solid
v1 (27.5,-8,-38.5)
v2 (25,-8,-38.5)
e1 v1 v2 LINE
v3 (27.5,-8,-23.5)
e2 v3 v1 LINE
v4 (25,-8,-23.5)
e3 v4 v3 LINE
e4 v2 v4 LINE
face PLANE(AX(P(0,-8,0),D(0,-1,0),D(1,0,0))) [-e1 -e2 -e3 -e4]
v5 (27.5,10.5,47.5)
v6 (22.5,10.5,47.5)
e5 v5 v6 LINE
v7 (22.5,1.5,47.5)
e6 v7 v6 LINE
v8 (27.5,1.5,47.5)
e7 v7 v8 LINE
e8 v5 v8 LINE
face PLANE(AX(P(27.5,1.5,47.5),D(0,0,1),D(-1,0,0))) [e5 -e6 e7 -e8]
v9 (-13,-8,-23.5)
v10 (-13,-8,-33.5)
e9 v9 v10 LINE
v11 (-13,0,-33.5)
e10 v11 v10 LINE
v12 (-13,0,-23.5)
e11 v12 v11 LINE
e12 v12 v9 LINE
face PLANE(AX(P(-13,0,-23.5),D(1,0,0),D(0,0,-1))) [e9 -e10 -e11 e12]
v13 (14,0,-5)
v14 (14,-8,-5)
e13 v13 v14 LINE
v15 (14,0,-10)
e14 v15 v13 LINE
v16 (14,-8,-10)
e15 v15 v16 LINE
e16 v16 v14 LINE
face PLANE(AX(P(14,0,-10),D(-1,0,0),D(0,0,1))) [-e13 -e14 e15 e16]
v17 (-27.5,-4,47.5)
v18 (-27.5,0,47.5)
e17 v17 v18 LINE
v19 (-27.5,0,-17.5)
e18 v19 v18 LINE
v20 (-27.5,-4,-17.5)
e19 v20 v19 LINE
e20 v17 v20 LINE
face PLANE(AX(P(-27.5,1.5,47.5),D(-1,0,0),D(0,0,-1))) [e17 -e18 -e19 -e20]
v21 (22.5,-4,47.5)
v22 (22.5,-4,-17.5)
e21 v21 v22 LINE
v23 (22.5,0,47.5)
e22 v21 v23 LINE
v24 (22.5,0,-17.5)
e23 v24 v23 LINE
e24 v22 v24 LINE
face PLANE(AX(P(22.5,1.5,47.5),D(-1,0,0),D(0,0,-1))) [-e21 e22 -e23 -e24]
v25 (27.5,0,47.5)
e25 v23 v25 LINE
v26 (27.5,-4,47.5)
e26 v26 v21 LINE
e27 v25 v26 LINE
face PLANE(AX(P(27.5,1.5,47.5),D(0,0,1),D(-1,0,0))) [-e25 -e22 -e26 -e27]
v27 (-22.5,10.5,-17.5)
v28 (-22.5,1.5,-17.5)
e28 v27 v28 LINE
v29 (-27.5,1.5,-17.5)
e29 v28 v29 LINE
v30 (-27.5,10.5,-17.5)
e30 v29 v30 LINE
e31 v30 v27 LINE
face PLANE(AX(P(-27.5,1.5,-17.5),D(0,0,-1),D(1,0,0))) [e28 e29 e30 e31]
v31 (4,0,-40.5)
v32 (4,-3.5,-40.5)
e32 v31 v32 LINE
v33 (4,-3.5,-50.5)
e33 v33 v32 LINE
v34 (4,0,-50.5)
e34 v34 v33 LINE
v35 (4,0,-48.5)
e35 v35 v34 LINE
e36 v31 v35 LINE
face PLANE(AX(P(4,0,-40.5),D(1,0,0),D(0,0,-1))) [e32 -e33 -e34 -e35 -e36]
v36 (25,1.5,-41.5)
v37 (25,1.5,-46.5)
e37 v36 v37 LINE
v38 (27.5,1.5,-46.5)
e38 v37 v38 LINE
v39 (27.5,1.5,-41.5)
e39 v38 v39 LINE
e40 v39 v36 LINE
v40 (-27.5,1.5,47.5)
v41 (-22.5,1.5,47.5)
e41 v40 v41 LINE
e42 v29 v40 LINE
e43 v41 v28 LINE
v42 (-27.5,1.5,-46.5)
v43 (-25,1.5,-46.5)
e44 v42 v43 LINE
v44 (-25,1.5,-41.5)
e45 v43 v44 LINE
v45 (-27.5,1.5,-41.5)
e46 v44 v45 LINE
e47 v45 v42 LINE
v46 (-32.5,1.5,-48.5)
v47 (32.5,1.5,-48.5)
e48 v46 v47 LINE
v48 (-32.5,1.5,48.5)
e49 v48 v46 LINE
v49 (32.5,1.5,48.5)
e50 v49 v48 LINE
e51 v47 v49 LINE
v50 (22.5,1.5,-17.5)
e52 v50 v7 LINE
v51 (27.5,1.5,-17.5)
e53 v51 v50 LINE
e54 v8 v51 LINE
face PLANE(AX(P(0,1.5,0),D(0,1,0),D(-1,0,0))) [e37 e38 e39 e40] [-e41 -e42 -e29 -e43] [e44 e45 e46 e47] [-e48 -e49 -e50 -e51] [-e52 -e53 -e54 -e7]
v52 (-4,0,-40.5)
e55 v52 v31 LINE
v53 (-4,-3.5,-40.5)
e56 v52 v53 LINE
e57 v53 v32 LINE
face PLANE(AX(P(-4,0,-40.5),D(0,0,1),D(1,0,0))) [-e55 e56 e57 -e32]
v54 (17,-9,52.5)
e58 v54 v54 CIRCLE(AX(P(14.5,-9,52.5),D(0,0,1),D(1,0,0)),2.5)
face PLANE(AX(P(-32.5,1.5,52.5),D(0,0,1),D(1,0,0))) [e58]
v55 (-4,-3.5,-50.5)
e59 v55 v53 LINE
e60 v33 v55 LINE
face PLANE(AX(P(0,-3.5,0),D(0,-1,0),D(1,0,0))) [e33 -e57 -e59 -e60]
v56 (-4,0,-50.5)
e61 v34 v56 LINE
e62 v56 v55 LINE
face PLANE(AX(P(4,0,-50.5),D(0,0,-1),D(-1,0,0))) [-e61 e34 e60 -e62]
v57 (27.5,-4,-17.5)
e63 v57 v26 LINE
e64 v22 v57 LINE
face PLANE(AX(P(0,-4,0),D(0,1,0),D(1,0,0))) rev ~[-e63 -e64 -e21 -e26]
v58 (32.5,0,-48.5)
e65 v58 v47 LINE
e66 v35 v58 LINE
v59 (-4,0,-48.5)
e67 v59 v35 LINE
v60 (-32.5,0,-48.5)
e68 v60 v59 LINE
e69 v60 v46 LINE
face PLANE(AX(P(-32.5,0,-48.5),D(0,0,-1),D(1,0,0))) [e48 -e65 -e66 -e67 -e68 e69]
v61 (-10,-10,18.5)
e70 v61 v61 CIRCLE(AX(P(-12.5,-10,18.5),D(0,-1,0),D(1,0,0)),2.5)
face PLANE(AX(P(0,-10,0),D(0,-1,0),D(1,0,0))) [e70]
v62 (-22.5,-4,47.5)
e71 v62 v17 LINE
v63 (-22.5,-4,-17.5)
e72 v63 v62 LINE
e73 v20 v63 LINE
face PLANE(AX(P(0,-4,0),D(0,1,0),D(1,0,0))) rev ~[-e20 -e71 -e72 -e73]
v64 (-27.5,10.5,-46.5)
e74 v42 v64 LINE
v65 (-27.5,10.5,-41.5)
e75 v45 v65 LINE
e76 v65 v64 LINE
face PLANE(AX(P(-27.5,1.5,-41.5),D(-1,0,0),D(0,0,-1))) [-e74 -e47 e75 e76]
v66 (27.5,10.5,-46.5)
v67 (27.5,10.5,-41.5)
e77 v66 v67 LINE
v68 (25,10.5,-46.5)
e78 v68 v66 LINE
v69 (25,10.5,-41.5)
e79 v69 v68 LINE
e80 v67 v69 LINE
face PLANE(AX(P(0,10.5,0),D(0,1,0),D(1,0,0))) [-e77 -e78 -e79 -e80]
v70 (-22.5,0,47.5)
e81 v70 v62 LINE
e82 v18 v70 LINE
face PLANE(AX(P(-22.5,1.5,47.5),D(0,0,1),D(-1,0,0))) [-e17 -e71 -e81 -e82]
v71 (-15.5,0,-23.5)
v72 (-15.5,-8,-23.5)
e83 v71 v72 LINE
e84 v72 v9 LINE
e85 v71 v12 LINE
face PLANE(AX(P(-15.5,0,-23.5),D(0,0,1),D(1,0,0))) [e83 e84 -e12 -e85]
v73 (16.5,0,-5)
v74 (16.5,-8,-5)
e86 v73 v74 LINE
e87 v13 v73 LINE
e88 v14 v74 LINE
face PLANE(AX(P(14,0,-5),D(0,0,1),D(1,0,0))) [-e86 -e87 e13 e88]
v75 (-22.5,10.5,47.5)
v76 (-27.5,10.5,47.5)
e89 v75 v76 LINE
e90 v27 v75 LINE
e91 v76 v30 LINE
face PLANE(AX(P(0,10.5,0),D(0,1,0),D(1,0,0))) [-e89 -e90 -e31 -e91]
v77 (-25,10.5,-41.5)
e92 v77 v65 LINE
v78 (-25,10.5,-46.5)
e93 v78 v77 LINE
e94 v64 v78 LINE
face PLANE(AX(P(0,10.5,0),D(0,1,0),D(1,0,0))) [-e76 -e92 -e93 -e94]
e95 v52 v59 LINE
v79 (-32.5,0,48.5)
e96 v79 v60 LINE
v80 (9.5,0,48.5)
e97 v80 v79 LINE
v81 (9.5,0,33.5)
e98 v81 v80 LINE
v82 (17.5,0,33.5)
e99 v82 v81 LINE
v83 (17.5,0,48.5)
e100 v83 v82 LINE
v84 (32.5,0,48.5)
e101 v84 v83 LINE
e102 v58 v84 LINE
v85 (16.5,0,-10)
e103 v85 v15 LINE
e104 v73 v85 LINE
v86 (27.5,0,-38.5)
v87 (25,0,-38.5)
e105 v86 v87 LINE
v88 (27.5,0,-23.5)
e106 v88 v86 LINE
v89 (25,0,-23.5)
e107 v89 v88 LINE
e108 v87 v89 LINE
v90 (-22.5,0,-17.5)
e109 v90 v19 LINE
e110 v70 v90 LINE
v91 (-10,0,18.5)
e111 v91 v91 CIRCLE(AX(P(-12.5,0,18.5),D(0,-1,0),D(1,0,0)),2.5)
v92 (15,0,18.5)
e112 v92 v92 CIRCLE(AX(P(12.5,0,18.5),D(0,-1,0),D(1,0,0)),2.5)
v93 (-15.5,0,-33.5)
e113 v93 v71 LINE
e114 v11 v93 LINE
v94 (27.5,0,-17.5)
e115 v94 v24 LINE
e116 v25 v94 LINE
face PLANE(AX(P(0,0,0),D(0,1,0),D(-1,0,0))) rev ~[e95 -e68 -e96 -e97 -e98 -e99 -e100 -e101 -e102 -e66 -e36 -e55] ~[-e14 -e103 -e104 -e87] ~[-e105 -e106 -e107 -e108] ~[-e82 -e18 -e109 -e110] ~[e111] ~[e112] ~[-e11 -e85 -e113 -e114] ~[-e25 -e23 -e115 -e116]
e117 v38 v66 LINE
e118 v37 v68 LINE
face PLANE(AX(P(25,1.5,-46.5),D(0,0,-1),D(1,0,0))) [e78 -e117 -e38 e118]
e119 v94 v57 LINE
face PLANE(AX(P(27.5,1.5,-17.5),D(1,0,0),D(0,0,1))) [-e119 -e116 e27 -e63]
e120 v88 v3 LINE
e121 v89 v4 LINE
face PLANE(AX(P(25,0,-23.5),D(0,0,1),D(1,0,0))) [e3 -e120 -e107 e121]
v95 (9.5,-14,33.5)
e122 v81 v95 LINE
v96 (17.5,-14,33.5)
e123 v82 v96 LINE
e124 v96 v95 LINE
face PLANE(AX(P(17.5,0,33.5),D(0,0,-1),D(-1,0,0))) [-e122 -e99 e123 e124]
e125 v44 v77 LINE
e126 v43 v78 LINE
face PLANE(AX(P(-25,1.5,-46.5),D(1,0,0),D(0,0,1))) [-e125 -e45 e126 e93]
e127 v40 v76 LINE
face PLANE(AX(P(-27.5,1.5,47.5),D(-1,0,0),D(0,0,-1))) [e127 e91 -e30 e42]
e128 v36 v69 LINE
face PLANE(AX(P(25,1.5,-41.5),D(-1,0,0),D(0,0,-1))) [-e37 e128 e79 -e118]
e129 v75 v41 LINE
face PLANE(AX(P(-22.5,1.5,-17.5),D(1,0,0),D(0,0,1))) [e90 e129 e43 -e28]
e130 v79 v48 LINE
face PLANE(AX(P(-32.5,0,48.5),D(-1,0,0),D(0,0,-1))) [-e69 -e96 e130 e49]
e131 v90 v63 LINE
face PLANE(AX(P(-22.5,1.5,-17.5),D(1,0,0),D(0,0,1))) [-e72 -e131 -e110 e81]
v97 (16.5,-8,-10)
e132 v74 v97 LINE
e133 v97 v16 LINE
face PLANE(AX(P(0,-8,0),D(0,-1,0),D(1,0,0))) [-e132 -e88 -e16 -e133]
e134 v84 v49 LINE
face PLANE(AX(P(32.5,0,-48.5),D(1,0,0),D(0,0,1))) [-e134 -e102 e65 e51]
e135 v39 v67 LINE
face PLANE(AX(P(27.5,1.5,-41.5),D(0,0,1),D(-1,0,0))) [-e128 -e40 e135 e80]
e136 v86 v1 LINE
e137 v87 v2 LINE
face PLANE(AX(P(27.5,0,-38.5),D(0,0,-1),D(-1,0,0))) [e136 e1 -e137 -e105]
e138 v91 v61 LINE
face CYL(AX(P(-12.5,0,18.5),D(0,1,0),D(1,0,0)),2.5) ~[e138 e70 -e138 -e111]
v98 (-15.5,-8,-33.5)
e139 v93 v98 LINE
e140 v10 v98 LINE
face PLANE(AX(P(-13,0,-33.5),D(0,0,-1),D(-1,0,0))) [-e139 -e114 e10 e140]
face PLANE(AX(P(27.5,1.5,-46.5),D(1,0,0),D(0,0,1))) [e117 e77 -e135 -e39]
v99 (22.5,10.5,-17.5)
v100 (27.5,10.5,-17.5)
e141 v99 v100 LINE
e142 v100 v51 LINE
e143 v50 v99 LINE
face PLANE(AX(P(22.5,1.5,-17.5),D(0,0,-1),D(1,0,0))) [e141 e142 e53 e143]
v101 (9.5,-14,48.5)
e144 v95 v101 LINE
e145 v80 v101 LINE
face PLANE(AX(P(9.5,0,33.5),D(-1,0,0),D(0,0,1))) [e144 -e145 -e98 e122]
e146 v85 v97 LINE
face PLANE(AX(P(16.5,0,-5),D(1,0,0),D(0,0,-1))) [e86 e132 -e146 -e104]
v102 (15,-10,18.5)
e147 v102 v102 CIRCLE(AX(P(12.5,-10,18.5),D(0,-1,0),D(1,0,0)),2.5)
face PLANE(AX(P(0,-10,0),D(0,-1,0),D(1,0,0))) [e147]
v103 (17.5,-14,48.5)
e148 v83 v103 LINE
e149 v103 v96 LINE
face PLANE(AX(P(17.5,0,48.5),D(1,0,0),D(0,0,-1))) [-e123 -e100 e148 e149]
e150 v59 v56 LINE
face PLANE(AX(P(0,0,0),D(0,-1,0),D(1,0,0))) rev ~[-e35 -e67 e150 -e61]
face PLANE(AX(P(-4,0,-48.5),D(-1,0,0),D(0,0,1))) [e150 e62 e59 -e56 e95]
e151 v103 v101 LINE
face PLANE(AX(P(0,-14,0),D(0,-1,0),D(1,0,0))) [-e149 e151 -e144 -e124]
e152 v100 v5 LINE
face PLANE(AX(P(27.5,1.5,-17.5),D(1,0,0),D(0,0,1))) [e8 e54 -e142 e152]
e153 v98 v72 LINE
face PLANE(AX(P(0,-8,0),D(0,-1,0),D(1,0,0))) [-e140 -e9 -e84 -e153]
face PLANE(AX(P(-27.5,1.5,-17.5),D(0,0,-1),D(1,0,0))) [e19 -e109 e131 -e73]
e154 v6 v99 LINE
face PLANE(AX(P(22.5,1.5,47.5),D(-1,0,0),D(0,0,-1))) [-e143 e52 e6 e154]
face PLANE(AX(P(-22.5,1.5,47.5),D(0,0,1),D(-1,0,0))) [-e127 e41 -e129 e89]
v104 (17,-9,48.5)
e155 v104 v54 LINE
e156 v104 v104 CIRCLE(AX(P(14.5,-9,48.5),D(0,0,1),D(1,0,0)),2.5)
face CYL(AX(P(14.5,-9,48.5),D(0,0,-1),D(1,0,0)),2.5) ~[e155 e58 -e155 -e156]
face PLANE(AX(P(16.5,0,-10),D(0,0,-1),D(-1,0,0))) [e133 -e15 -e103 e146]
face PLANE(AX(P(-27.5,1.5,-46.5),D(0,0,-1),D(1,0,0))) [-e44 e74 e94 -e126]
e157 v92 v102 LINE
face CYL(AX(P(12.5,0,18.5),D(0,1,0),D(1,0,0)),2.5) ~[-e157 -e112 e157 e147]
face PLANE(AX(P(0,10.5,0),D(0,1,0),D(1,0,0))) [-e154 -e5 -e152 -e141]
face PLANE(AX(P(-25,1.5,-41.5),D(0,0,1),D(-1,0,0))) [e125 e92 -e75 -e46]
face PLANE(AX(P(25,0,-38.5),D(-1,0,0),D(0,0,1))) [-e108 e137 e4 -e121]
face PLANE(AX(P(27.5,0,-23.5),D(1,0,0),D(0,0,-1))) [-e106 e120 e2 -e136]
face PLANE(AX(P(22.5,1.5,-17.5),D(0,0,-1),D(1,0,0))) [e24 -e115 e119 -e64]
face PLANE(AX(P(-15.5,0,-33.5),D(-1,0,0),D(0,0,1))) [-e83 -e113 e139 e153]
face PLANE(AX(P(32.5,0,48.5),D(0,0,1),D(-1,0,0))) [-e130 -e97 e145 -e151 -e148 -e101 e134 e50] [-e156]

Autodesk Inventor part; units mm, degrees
ref_plane "YZ Plane" through (0, 0, 0) normal (1, 0, 0) x (0, 1, 0)
ref_plane "XZ Plane" through (0, 0, 0) normal (0, 1, 0) x (-1, 0, 0)
ref_plane "XY Plane" through (0, 0, 0) normal (0, 0, 1) x (1, 0, 0)
sketch "Esquisse1" plane through (0, 0, 0) normal (0, 1, 0) x (-1, 0, 0)
  line L0 (-32.5, 48.5) -> (32.5, 48.5)
  line L1 (32.5, 48.5) -> (32.5, -48.5)
  line L2 (32.5, -48.5) -> (-32.5, -48.5)
  line L3 (-32.5, -48.5) -> (-32.5, 48.5)
  point P0 (0, 0)
  dimension "d0" = 65
  dimension "d1" = 97
  dimension "d2" = 32.5
  dimension "d3" = 48.5
extrude "Extrusion1" add sketch "Esquisse1" along normal blind 1.5
sketch "Esquisse2" plane through (0, 1.5, 0) normal (0, 1, 0) x (1, 0, 0)
  line L0 (-32.5, -48.5) -> (32.5, -48.5) projected
  line L1 (32.5, -48.5) -> (32.5, 48.5) projected
  line L2 (-32.5, 48.5) -> (-32.5, -48.5) projected
  line L3 (-27.5, 17.5) -> (-22.5, 17.5)
  line L4 (-22.5, 17.5) -> (-22.5, -47.5)
  line L5 (-22.5, -47.5) -> (-27.5, -47.5)
  line L6 (-27.5, -47.5) -> (-27.5, 17.5)
  line L7 (22.5, 17.5) -> (27.5, 17.5)
  line L8 (27.5, 17.5) -> (27.5, -47.5)
  line L9 (27.5, -47.5) -> (22.5, -47.5)
  line L10 (22.5, -47.5) -> (22.5, 17.5)
  point P0 (0, 0)
  dimension "d6" = 5
  dimension "d7" = 5
  dimension "d8" = 65
  dimension "d9" = 5
  dimension "d10" = 5
  dimension "d11" = 1
extrude "Extrusion2" add sketch "Esquisse2" along normal blind 9 and the other way blind 5.5
sketch "Esquisse3" plane through (0, 0, 0) normal (0, -1, 0) x (1, 0, 0)
  line L0 (32.5, 48.5) -> (-32.5, 48.5) projected
  line L1 (32.5, -48.5) -> (32.5, 48.5) projected
  line L2 (9.5, 48.5) -> (17.5, 48.5)
  line L3 (17.5, 48.5) -> (17.5, 33.5)
  line L4 (17.5, 33.5) -> (9.5, 33.5)
  line L5 (9.5, 33.5) -> (9.5, 48.5)
  point P0 (0, 0)
  dimension "d16" = 15
  dimension "d17" = 8
  dimension "d18" = 15
extrude "Extrusion3" add sketch "Esquisse3" along normal blind 14
sketch "Esquisse4" plane through (-32.5, 1.5, 48.5) normal (0, 0, 1) x (1, 0, 0)
  line L0 (50, -15.5) -> (42, -15.5) projected
  line L1 (50, -1.5) -> (50, -15.5) projected
  circle A0 centre (47, -10.5) radius 2.5
  point P0 (32.5, -1.5)
  dimension "d21" = 5
  dimension "d22" = 5
  dimension "d23" = 3
extrude "Extrusion4" add sketch "Esquisse4" along normal blind 4
sketch "Esquisse5" plane through (0, 0, 0) normal (0, -1, 0) x (1, 0, 0)
  line L0 (9.5, 48.5) -> (-32.5, 48.5) projected
  line L1 (-32.5, 48.5) -> (-32.5, -48.5) projected
  line L2 (32.5, -48.5) -> (32.5, 48.5) projected
  line L3 (32.5, 48.5) -> (17.5, 48.5) projected
  circle A0 centre (-12.5, 18.5) radius 2.5
  circle A1 centre (12.5, 18.5) radius 2.5
  point P0 (0, 0)
  dimension "d26" = 30
  dimension "d27" = 30
  dimension "d28" = 25
  dimension "d29" = 20
  dimension "d30" = 65
  dimension "d31" = 5
  dimension "d32" = 5
extrude "Extrusion5" add sketch "Esquisse5" along normal blind 10
sketch "Esquisse6" plane through (0, 0, 0) normal (0, -1, 0) x (1, 0, 0)
  line L0 (-32.5, 48.5) -> (-32.5, -48.5) projected
  line L1 (-32.5, -48.5) -> (32.5, -48.5) projected
  line L2 (32.5, -48.5) -> (32.5, 48.5) projected
  line L3 (27.5, -17.5) -> (22.5, -17.5) projected
  line L4 (22.5, -17.5) -> (22.5, 47.5) projected
  line L5 (25, -23.5) -> (27.5, -23.5)
  line L6 (27.5, -23.5) -> (27.5, -38.5)
  line L7 (27.5, -38.5) -> (25, -38.5)
  line L8 (25, -38.5) -> (25, -23.5)
  line L9 (-15.5, -23.5) -> (-13, -23.5)
  line L10 (-13, -23.5) -> (-13, -33.5)
  line L11 (-13, -33.5) -> (-15.5, -33.5)
  line L12 (-15.5, -33.5) -> (-15.5, -23.5)
  line L13 (14, -5) -> (16.5, -5)
  line L14 (16.5, -5) -> (16.5, -10)
  line L15 (16.5, -10) -> (14, -10)
  line L16 (14, -10) -> (14, -5)
  point P0 (0, 0)
  dimension "d35" = 2.5
  dimension "d36" = 2.5
  dimension "d37" = 2.5
  dimension "d38" = 10
  dimension "d39" = 5
  dimension "d40" = 15
  dimension "d41" = 5
  dimension "d42" = 17
  dimension "d43" = 6
  dimension "d44" = 10
  dimension "d45" = 15
  dimension "d46" = 7.5
extrude "Extrusion6" add sketch "Esquisse6" along normal blind 8
sketch "Esquisse7" plane through (0, 0, 0) normal (0, -1, 0) x (1, 0, 0)
  line L0 (-32.5, 48.5) -> (-32.5, -48.5) projected
  line L1 (-32.5, -48.5) -> (32.5, -48.5) projected
  line L2 (-4, -40.5) -> (4, -40.5)
  line L3 (4, -40.5) -> (4, -50.5)
  line L4 (4, -50.5) -> (-4, -50.5)
  line L5 (-4, -50.5) -> (-4, -40.5)
  point P0 (0, 0)
  dimension "d49" = 10
  dimension "d50" = 8
  dimension "d51" = 65
  dimension "d52" = 28.5
  dimension "d53" = 2
extrude "Extrusion7" add sketch "Esquisse7" along normal blind 3.5
sketch "Esquisse8" plane through (0, 1.5, 0) normal (0, 1, 0) x (1, 0, 0)
  line L0 (32.5, -48.5) -> (32.5, 48.5) projected
  line L1 (32.5, 48.5) -> (-32.5, 48.5) projected
  line L2 (-32.5, 48.5) -> (-32.5, -48.5) projected
  line L3 (-27.5, 46.5) -> (-25, 46.5)
  line L4 (-25, 46.5) -> (-25, 41.5)
  line L5 (-25, 41.5) -> (-27.5, 41.5)
  line L6 (-27.5, 41.5) -> (-27.5, 46.5)
  line L7 (25, 46.5) -> (27.5, 46.5)
  line L8 (27.5, 46.5) -> (27.5, 41.5)
  line L9 (27.5, 41.5) -> (25, 41.5)
  line L10 (25, 41.5) -> (25, 46.5)
  point P0 (0, 0)
  dimension "d56" = 2.5
  dimension "d57" = 2.5
  dimension "d58" = 5
  dimension "d59" = 5
  dimension "d60" = 2
  dimension "d61" = 2
  dimension "d62" = 5
  dimension "d63" = 5
extrude "Extrusion8" add sketch "Esquisse8" along normal blind 9
equation "\"d2\" = 0.5 * d0"
equation "\"d3\" = 0.5 * d1"
equation "\"d7\" = d6"
equation "\"d9\" = d6"
equation "\"d10\" = d9"
equation "\"d27\" = d26"
equation "\"d29\" = -0.5 * d28 + 0.5 * d30"
equation "\"d32\" = d31"
equation "\"d52\" = -0.5 * d50 + 0.5 * d51"
equation "\"d57\" = d56"
equation "\"d61\" = d60"
equation "\"d63\" = d62"
properties part number "discovery"
